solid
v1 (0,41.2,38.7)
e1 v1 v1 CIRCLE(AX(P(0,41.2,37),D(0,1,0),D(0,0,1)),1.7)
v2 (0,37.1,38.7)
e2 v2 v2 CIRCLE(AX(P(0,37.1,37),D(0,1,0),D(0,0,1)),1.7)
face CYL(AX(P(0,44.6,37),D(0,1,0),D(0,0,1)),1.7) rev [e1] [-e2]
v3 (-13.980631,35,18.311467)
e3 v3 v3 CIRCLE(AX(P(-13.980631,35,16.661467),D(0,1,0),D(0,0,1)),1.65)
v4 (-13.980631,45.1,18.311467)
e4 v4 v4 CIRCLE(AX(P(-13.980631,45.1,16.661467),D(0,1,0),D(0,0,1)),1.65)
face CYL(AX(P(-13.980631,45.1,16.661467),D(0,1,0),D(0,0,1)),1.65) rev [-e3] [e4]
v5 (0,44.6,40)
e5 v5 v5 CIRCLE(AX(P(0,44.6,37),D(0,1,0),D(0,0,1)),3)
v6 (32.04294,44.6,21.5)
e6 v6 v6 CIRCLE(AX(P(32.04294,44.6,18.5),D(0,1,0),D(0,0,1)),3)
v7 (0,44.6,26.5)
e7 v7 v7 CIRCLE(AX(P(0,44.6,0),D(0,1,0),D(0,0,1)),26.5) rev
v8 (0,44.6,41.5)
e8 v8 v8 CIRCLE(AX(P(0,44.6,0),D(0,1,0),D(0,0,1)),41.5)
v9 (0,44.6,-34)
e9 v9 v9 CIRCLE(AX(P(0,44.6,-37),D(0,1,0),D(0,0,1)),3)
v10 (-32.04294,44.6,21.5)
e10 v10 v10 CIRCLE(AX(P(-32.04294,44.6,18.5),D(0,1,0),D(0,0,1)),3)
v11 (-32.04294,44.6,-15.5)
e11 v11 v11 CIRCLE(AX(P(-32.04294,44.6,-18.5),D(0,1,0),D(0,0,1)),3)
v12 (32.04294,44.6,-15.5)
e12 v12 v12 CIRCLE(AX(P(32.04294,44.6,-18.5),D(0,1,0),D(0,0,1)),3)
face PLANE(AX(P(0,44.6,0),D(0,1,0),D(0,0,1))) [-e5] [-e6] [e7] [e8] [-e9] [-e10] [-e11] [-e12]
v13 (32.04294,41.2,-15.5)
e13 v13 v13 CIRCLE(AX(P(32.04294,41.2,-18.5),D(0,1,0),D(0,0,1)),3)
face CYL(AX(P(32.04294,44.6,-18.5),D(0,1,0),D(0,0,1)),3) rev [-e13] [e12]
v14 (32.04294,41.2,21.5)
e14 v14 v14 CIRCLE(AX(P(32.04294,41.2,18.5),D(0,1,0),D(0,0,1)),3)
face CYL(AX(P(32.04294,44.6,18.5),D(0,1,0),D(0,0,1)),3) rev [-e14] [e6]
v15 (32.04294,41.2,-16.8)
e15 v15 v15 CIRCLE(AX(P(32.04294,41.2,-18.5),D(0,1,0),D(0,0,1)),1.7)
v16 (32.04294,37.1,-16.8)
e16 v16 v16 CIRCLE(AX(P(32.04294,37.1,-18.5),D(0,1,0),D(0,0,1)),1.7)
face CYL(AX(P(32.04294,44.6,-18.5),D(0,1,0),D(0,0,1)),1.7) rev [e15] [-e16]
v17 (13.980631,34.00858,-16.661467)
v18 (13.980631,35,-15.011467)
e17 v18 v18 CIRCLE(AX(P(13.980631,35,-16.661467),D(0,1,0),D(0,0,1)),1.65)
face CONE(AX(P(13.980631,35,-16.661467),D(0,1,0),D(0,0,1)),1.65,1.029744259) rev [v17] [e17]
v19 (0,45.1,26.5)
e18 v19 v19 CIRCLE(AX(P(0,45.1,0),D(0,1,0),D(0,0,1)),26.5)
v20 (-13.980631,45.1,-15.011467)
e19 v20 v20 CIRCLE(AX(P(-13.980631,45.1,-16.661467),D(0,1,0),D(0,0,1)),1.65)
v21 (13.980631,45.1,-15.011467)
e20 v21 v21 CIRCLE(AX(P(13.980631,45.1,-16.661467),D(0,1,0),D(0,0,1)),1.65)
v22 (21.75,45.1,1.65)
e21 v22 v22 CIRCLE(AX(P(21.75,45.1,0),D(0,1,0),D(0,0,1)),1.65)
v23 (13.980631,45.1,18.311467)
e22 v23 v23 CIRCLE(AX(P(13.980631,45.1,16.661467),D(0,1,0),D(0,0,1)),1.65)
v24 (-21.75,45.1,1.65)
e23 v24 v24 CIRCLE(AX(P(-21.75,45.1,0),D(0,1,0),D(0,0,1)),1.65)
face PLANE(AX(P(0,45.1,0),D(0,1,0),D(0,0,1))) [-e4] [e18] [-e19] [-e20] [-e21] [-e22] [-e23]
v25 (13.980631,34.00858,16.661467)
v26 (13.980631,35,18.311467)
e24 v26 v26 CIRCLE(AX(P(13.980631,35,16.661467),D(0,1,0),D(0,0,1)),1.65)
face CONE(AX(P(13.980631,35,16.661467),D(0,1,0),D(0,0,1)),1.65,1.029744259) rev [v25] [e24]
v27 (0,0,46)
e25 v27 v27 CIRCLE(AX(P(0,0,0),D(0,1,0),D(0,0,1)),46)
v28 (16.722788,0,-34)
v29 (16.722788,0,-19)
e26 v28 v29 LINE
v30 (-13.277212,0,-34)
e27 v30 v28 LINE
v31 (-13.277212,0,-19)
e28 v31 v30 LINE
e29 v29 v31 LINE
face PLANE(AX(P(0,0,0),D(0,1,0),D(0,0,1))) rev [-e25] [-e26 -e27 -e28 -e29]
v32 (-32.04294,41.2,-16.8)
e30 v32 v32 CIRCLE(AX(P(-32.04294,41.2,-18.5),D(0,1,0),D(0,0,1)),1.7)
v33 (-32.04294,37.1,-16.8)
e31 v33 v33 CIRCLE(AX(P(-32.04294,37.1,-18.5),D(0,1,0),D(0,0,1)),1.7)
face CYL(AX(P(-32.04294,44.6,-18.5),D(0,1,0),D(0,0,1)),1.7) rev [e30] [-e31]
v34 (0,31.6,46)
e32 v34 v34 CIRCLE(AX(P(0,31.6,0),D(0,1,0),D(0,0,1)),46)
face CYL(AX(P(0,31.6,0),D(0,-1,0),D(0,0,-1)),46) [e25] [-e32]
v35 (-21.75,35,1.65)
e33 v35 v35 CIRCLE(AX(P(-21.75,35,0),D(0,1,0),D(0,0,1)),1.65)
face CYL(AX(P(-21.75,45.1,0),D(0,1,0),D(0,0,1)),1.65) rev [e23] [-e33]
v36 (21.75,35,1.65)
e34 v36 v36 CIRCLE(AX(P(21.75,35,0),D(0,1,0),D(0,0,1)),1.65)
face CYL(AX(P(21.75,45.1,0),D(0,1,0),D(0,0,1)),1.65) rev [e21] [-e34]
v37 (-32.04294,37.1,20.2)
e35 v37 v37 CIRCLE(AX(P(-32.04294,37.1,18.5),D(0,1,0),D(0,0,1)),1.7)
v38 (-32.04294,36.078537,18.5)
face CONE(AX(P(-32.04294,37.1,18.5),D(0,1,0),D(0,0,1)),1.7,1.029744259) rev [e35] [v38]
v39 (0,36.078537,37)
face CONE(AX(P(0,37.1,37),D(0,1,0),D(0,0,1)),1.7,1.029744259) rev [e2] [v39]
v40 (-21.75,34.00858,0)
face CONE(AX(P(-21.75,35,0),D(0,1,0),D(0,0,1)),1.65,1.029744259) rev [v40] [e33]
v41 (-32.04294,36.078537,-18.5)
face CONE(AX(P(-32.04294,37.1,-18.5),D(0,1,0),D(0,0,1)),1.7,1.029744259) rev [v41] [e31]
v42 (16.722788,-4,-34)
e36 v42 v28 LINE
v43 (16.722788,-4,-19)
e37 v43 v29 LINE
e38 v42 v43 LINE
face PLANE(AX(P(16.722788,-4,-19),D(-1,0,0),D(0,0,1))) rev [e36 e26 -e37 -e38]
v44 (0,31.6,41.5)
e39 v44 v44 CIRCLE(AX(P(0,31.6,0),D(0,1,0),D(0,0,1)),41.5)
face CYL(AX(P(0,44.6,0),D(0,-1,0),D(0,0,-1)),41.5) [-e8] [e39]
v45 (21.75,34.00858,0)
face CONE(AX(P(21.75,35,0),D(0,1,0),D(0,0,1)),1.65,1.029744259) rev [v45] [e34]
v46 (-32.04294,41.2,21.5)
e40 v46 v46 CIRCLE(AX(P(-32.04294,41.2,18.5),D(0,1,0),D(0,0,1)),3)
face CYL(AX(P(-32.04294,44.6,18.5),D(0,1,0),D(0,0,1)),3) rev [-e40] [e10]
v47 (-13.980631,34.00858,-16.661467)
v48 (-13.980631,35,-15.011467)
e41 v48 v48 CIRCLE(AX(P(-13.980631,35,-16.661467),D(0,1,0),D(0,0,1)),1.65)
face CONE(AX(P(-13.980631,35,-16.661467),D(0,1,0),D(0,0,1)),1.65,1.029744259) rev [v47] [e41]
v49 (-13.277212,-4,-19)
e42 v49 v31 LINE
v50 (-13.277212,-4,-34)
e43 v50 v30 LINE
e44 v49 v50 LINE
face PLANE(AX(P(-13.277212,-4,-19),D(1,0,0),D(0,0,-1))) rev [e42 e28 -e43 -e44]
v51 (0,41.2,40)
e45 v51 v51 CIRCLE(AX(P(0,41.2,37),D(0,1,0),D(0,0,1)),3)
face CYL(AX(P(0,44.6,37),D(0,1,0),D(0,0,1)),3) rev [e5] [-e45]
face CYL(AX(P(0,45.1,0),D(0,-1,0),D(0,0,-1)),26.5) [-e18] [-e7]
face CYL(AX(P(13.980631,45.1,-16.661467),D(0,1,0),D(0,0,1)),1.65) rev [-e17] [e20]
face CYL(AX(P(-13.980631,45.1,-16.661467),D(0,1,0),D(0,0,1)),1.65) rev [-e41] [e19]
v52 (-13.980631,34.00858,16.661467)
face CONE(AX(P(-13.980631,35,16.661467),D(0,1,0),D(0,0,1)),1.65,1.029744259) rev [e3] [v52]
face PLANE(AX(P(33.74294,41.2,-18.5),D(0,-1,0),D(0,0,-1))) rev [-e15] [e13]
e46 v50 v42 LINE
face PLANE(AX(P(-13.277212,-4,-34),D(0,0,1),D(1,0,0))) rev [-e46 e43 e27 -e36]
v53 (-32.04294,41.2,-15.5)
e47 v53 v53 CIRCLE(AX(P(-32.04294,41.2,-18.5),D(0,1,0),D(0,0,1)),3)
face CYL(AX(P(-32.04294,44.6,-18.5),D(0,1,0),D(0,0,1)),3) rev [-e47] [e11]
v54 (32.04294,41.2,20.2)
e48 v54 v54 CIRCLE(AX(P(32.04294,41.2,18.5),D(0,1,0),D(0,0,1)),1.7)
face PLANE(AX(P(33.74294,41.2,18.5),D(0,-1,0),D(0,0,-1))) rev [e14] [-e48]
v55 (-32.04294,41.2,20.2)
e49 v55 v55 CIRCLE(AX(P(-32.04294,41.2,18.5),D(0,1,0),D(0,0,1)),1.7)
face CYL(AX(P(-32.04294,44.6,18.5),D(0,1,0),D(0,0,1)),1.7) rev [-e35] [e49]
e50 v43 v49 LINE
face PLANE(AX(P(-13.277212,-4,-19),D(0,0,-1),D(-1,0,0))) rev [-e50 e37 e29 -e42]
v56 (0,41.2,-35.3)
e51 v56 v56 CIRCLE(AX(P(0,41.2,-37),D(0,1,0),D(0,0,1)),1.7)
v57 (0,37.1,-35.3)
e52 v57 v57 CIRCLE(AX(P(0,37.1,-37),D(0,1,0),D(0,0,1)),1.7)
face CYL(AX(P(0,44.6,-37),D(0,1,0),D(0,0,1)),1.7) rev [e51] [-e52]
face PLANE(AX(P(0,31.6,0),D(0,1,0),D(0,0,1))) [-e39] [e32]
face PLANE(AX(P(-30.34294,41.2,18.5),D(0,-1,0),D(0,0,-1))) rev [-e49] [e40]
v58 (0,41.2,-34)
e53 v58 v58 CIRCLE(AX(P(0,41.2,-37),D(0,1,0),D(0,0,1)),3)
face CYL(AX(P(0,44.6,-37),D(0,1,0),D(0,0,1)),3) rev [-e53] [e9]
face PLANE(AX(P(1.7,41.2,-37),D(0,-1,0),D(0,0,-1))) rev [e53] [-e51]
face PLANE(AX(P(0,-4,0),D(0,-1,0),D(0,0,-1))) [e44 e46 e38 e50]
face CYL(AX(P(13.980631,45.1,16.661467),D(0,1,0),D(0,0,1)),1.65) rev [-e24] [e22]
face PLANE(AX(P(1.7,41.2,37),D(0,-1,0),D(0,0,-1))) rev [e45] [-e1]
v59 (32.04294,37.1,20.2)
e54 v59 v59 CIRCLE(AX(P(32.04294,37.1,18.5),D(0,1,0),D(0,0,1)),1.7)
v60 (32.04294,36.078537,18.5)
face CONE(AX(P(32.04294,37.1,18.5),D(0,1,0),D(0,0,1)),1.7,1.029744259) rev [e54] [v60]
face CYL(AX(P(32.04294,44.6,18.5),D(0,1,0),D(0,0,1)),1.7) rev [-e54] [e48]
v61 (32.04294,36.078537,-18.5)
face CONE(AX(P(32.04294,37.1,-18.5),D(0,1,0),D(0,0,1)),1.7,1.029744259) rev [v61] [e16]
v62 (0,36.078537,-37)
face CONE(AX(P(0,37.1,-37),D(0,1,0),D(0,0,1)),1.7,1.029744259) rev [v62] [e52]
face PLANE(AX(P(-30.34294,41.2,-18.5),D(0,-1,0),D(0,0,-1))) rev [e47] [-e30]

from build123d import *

# Parameters (mm, degrees)
SKETCH_1_R                   = 46
EXTRUDE_1_DEPTH              = 31.6
SKETCH_2_R                   = 41.5
EXTRUDE_2_DEPTH              = 13
SKETCH_3_R                   = 26.5
EXTRUDE_3_DEPTH              = 13.5
SKETCH_4_R                   = 1.5
CUT_EXTRUDE_1_DEPTH          = 10
HOLE_WIZARD_M4_1_D           = 3.3
HOLE_WIZARD_M4_1_DEPTH       = 10.1
HOLE_WIZARD_M4_1_TIP         = 0.991420021
HOLE_WIZARD_M3_1_D           = 3.4
HOLE_WIZARD_M3_1_DEPTH       = 7.5
HOLE_WIZARD_M3_1_CBORE_D     = 6
HOLE_WIZARD_M3_1_CBORE_DEPTH = 3.4
HOLE_WIZARD_M3_1_TIP         = 1.021463052
SKETCH_9_W                   = 30
SKETCH_9_H                   = 15
EXTRUDE_4_DEPTH              = 4


with BuildPart() as part:
    # 草图1 → 凸台-拉伸1 (new body)
    with BuildSketch(Plane(origin=(0, 0, 0), x_dir=(1, 0, 0), z_dir=(0, 1, 0))):
        Circle(SKETCH_1_R)
    extrude(amount=EXTRUDE_1_DEPTH)

    # 草图2 → 凸台-拉伸2 (add)
    with BuildSketch(Plane(origin=(0, 31.6, 0), x_dir=(1, 0, 0), z_dir=(0, 1, 0))):
        Circle(SKETCH_2_R)
    extrude(amount=EXTRUDE_2_DEPTH)

    # 草图3 → 凸台-拉伸3 (add)
    with BuildSketch(Plane(origin=(0, 31.6, 0), x_dir=(1, 0, 0), z_dir=(0, 1, 0))):
        Circle(SKETCH_3_R)
    extrude(amount=EXTRUDE_3_DEPTH)

    # 草图4 → 切除-拉伸1 (cut)
    with BuildSketch(Plane(origin=(0, 45.1, 0), x_dir=(1, 0, 0), z_dir=(0, 1, 0))):
        with Locations((-21.75, 0)):
            Circle(SKETCH_4_R)
        with Locations((21.75, 0)):
            Circle(SKETCH_4_R)
        with Locations((13.980630511, 16.661466638)):
            Circle(SKETCH_4_R)
        with Locations((-13.980630511, 16.661466638)):
            Circle(SKETCH_4_R)
        with Locations((13.980630511, -16.661466638)):
            Circle(SKETCH_4_R)
        with Locations((-13.980630511, -16.661466638)):
            Circle(SKETCH_4_R)
    extrude(amount=-CUT_EXTRUDE_1_DEPTH, mode=Mode.SUBTRACT)

    # M4 螺纹孔1
    with Locations(Plane(origin=(-13.980630511, 45.1, 16.661466638), x_dir=(0, 0, 1), z_dir=(0, 1, 0))):
        with Locations((0, 0), (-16.661466638, -7.769369489), (-33.322933276, 0), (-33.322933276, 27.961261022), (-16.661466638, 35.730630511), (0, 27.961261022)):
            Hole(HOLE_WIZARD_M4_1_D / 2, depth=HOLE_WIZARD_M4_1_DEPTH)
            with Locations((0, 0, -(HOLE_WIZARD_M4_1_DEPTH + HOLE_WIZARD_M4_1_TIP / 2))):  # 118° drill point
                Cone(0, HOLE_WIZARD_M4_1_D / 2, HOLE_WIZARD_M4_1_TIP, mode=Mode.SUBTRACT)

    # M3 六角圆柱头螺钉的柱形沉头孔1
    with Locations(Plane(origin=(32.04293994, 44.6, -18.5), x_dir=(0, 0, 1), z_dir=(0, 1, 0))):
        with Locations((0, 0), (37, 0), (55.5, -32.04293994), (37, -64.08587988), (0, -64.08587988), (-18.5, -32.04293994)):
            CounterBoreHole(HOLE_WIZARD_M3_1_D / 2, HOLE_WIZARD_M3_1_CBORE_D / 2, HOLE_WIZARD_M3_1_CBORE_DEPTH, depth=HOLE_WIZARD_M3_1_DEPTH)
            with Locations((0, 0, -(HOLE_WIZARD_M3_1_DEPTH + HOLE_WIZARD_M3_1_TIP / 2))):  # 118° drill point
                Cone(0, HOLE_WIZARD_M3_1_D / 2, HOLE_WIZARD_M3_1_TIP, mode=Mode.SUBTRACT)

    # 草图9 → 凸台-拉伸4 (add)
    with BuildSketch(Plane.XZ):
        with Locations((1.722788181, -26.5)):
            Rectangle(SKETCH_9_W, SKETCH_9_H)
    extrude(amount=EXTRUDE_4_DEPTH)


solid = part.part
